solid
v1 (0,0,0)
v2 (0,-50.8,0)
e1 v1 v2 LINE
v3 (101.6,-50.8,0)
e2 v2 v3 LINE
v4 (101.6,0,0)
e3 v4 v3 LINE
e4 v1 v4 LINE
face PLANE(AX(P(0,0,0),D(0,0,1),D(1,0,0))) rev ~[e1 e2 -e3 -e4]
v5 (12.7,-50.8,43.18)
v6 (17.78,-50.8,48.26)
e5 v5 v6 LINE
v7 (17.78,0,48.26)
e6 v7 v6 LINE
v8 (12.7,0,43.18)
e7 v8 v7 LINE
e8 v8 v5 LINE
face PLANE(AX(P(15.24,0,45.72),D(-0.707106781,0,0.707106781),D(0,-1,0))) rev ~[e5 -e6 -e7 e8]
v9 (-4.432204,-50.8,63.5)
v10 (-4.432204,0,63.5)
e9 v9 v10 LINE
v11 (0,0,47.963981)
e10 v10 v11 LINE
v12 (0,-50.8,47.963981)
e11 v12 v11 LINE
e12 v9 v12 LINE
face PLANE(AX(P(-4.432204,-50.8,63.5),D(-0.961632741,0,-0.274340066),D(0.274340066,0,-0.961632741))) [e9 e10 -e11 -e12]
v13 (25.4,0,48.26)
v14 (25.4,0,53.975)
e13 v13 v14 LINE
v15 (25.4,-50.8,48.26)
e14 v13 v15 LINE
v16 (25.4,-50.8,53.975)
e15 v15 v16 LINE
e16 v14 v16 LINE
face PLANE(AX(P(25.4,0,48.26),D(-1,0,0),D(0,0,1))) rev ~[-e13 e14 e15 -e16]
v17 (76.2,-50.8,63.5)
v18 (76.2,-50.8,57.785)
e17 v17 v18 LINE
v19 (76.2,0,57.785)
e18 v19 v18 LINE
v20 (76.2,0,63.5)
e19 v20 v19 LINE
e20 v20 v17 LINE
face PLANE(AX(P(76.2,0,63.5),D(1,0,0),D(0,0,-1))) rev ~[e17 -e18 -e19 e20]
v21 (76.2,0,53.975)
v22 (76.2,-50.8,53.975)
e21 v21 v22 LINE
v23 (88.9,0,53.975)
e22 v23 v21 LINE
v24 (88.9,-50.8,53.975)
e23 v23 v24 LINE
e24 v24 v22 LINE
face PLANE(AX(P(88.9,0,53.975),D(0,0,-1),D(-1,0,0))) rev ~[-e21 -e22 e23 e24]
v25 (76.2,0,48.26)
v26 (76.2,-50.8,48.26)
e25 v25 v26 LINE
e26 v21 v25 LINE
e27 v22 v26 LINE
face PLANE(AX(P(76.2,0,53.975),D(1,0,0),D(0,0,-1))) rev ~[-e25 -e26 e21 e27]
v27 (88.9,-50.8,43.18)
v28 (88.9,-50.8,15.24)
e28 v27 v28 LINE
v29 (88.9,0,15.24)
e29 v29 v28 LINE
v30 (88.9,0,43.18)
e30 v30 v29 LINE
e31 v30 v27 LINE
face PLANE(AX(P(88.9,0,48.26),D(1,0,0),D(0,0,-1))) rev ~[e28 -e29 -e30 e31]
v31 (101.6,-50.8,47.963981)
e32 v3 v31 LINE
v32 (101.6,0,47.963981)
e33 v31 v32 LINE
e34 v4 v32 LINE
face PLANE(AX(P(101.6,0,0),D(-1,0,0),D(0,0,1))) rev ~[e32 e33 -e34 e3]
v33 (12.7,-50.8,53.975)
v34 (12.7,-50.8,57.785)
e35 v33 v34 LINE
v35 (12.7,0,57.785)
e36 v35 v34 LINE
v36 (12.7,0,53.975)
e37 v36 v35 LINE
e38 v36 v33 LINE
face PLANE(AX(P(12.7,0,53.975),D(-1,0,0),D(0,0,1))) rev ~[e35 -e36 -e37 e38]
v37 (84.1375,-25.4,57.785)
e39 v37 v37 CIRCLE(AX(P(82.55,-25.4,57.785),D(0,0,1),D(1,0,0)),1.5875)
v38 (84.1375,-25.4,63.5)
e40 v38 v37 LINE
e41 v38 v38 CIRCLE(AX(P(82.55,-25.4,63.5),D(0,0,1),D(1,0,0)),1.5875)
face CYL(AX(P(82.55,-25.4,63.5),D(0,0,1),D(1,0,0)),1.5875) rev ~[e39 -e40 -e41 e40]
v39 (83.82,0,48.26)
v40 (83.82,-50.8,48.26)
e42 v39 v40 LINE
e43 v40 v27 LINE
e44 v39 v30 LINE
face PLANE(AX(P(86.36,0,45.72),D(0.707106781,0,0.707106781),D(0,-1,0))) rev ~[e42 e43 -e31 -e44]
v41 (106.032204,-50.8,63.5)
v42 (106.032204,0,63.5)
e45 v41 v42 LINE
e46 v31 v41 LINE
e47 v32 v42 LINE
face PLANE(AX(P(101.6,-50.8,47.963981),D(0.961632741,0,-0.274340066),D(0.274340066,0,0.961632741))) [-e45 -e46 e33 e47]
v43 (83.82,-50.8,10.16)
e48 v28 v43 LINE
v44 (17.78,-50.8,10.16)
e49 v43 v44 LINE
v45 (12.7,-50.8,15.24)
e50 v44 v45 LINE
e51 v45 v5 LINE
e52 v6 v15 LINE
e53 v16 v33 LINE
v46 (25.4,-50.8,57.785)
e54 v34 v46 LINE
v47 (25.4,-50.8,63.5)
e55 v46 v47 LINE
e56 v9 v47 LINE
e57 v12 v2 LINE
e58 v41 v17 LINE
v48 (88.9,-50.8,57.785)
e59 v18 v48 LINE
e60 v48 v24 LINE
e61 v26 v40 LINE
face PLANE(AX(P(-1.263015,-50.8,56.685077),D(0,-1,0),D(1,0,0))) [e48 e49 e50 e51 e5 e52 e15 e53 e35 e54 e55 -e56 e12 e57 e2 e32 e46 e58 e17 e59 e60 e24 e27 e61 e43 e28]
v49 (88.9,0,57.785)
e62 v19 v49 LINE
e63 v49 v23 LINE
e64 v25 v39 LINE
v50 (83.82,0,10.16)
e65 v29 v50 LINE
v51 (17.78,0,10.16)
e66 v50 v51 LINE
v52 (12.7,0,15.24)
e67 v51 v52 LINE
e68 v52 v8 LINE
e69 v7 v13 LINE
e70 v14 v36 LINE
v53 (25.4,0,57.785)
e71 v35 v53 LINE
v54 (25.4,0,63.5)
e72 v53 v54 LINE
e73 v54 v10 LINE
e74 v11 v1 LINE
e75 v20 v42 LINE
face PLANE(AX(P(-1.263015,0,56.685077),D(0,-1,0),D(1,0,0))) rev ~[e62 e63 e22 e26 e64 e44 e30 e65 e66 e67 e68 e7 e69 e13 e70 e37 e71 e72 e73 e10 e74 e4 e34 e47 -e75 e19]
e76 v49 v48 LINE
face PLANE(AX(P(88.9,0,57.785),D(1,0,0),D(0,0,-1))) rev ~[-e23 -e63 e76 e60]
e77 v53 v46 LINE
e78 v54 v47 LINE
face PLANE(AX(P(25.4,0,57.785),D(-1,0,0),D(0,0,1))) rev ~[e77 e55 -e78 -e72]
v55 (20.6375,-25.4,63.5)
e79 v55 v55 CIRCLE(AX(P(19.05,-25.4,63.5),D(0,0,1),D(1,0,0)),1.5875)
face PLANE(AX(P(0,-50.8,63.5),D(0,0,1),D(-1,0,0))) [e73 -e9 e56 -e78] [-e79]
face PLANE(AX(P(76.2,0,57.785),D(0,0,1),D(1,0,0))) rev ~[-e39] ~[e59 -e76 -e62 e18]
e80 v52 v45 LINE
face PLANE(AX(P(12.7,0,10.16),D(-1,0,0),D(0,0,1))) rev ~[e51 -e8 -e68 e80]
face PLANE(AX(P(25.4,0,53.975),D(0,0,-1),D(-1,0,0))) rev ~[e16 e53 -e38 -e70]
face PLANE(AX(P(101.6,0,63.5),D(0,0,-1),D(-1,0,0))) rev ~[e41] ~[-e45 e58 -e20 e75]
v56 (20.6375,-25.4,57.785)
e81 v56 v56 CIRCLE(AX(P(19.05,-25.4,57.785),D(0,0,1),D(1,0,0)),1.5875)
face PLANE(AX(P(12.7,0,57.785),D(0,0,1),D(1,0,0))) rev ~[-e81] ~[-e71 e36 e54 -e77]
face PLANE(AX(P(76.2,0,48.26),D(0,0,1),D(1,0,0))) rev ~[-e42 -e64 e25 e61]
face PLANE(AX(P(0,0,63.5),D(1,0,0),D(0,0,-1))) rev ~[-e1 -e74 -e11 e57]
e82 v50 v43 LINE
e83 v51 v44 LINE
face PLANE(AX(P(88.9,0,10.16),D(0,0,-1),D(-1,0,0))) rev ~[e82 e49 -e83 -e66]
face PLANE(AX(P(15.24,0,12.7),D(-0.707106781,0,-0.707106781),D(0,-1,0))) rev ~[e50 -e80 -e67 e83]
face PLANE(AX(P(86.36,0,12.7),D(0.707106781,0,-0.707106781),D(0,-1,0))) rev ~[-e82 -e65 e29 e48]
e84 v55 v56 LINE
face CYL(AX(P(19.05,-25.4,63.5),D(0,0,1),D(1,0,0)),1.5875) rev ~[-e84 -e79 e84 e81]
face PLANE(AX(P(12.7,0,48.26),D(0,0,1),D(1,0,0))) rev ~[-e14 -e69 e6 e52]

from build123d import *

# Parameters (mm, degrees)
F1_DEPTH = 50.8
F2_R     = 1.5875
F3_DEPTH = 5.715
F4_SIZE  = 5.08
F6_DEPTH = 50.8


with BuildPart() as f1:
    # F0 (on Front) → F1 (new body)
    with BuildSketch(Plane.XZ):
        Polygon((25.4, 57.785), (25.4, 63.5), (0, 63.5), (0, 0), (50.8, 0), (101.6, 0), (101.6, 63.5), (76.2, 63.5), (76.2, 57.785), (88.9, 57.785), (88.9, 53.975), (76.2, 53.975), (76.2, 48.26), (88.9, 48.26), (88.9, 10.16), (50.8, 10.16), (12.7, 10.16), (12.7, 48.26), (25.4, 48.26), (25.4, 53.975), (12.7, 53.975), (12.7, 57.785), align=None)
    extrude(amount=F1_DEPTH)

    # F2 (on face) → F3 (cut, through all)
    with BuildSketch(Plane.XY.offset(63.5)):
        with Locations((19.05, -25.4)):
            Circle(F2_R)
        with Locations((82.55, -25.4)):
            Circle(F2_R)
    extrude(amount=-F3_DEPTH, mode=Mode.SUBTRACT)

    # F4
    f4_edges = [f1.edges().sort_by_distance(p)[0] for p in [
        (12.7, -25.4, 10.16),
        (88.9, -25.4, 10.16),
        (12.7, -25.4, 48.26),
        (88.9, -25.4, 48.26),
    ]]
    chamfer(f4_edges, length=F4_SIZE)

    # F5 (on face) → F6 (join)
    with BuildSketch(Plane.XZ.offset(50.8)):
        Polygon((0, 47.963981), (0, 63.5), (-4.432204, 63.5), align=None)
        Polygon((101.6, 63.5), (101.6, 47.963981), (106.032204, 63.5), align=None)
    extrude(amount=-F6_DEPTH)


solid = f1.part
